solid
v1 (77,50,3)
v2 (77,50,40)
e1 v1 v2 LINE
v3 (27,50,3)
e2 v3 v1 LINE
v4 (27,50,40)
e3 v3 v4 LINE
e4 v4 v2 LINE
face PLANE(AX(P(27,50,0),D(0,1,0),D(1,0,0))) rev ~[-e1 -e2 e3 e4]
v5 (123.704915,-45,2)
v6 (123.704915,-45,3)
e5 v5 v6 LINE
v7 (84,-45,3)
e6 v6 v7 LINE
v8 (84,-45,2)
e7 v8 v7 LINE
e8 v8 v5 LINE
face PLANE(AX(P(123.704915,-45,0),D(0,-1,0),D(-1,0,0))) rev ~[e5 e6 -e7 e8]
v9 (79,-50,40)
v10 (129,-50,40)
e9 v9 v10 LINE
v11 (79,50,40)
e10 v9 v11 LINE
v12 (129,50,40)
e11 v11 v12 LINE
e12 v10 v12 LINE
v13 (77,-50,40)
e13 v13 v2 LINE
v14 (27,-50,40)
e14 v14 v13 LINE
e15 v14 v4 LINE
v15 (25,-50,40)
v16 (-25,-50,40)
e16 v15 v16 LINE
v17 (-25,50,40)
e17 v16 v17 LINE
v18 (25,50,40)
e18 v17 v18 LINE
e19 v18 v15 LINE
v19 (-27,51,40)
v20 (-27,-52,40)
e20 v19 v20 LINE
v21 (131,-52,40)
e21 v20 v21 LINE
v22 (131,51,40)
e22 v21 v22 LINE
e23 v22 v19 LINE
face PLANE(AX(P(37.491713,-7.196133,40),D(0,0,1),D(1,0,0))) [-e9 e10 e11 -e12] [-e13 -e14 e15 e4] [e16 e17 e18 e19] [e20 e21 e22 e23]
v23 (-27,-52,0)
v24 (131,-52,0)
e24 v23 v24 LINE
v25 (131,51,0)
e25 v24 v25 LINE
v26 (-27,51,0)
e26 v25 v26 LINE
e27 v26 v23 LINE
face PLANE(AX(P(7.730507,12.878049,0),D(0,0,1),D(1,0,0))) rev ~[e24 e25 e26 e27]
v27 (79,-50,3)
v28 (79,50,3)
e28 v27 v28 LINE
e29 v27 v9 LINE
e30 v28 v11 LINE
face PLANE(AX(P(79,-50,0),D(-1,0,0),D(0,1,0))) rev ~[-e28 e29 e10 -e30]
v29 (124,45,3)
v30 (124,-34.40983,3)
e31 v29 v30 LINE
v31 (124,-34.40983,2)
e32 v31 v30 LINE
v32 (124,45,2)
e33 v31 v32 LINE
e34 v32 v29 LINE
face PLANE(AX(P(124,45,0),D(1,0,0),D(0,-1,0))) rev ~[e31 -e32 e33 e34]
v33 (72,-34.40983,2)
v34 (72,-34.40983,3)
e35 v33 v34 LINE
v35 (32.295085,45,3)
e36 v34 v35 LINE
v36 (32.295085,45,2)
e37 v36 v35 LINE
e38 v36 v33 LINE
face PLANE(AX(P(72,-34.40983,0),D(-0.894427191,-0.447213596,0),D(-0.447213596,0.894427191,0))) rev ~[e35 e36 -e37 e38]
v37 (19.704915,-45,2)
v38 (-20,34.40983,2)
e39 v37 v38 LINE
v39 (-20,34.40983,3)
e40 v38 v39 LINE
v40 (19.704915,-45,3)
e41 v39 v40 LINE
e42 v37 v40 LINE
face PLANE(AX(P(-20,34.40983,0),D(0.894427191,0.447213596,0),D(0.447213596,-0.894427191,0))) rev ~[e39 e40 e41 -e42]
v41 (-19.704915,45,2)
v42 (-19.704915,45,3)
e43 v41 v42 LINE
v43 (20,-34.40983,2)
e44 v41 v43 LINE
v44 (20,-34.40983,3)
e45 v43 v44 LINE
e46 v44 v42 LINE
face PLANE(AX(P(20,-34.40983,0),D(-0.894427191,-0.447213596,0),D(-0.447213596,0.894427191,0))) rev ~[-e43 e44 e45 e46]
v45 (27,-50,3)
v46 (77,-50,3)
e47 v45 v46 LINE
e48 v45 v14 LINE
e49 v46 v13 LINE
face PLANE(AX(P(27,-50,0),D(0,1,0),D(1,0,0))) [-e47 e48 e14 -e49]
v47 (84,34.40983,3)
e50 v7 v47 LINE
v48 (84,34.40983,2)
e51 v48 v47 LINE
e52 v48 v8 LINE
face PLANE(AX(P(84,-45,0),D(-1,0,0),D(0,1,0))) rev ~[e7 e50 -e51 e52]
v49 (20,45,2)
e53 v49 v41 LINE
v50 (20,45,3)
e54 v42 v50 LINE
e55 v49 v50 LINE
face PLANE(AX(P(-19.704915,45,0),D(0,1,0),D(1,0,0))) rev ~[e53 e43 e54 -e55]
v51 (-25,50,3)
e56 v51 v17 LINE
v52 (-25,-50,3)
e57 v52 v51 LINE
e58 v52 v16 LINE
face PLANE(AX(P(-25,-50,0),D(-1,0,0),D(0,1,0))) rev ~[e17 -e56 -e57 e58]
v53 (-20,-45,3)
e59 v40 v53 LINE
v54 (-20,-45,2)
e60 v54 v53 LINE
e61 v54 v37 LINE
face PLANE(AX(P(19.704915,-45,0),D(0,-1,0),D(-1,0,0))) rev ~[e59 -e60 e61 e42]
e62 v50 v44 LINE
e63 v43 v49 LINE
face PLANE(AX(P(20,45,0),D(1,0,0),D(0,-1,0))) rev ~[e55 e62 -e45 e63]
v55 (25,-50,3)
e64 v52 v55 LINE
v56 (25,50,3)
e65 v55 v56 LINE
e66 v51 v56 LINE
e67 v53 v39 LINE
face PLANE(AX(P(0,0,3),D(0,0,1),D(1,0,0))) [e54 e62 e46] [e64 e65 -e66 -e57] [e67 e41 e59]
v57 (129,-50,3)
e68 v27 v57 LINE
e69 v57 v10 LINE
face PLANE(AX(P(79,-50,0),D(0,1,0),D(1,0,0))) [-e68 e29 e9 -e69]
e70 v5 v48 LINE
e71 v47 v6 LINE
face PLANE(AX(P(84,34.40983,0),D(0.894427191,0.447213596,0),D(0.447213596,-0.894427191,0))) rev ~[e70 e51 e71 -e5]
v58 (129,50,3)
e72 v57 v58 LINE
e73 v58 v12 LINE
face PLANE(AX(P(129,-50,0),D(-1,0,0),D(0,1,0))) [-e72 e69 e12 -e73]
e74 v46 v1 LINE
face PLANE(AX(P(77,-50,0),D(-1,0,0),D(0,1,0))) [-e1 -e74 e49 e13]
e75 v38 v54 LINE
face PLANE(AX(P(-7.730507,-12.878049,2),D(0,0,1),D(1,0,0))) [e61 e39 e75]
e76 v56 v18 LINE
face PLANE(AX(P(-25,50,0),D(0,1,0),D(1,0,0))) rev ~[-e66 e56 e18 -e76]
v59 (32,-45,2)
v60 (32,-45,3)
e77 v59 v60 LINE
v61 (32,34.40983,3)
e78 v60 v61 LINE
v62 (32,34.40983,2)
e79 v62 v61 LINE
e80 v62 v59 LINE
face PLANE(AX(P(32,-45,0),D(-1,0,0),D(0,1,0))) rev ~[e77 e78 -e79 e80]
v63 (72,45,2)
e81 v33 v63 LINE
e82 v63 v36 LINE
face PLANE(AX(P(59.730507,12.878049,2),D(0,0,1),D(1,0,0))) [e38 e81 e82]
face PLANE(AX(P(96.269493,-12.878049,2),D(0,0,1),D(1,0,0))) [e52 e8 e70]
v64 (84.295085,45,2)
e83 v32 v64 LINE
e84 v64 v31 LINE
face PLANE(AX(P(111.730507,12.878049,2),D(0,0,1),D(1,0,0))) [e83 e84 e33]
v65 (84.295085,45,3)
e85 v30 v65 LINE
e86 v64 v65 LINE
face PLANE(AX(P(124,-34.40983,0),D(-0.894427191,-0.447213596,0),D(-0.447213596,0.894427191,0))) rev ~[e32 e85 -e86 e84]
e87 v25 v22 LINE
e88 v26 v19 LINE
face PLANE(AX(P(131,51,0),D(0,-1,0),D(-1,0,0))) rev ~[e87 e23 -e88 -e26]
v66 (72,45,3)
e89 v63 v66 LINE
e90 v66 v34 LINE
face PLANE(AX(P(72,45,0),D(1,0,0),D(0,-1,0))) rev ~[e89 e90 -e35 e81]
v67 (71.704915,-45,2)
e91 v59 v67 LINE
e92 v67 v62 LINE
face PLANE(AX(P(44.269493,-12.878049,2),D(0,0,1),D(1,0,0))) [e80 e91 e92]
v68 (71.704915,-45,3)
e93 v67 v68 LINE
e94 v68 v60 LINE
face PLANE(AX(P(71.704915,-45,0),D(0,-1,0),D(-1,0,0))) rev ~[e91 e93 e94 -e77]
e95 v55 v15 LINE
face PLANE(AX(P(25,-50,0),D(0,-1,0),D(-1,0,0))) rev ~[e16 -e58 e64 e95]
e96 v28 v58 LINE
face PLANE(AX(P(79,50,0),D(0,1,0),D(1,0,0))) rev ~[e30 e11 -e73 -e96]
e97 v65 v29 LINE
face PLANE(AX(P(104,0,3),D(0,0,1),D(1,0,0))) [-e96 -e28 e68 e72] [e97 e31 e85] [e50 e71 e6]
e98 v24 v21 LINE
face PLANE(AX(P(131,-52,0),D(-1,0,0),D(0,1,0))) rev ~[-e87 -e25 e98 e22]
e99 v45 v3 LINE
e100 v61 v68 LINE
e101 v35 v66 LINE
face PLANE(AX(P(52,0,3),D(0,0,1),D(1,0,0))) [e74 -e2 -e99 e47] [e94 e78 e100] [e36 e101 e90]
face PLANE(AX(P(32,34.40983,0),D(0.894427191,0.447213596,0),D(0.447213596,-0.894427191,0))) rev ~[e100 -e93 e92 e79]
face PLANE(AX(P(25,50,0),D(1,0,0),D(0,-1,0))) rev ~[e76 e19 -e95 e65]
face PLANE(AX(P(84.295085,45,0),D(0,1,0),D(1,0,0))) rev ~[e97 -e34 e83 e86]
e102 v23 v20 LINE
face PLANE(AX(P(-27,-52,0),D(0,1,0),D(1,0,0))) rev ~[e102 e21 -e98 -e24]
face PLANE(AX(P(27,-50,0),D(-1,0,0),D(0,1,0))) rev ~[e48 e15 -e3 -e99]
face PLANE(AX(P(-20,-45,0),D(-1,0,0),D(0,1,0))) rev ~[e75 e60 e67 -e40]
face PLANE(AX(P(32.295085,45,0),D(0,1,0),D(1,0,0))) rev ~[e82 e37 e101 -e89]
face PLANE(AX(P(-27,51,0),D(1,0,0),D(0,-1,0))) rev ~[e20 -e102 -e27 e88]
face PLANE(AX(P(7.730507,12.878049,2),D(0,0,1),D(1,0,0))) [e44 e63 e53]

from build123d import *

# Parameters (mm, degrees)
F0_W     = 50
F0_H     = 100
F0_H_2   = 1
F1_DEPTH = 40
F2_DEPTH = 3
F3_DEPTH = 2


with BuildPart() as f1:
    # F0 (on Top) → F1 (new body)
    with BuildSketch(Plane.XY):
        Polygon((-25, -50), (-25, 50), (-25, 51), (-27, 51), (-27, -52), (131, -52), (131, 51), (25, 51), (25, 50), (25, -50), align=None)
        with Locations((52, 0)):
            Rectangle(F0_W, F0_H, mode=Mode.SUBTRACT)
        with Locations((104, 0)):
            Rectangle(F0_W, F0_H, mode=Mode.SUBTRACT)
        with Locations((0, 50.5)):
            Rectangle(F0_W, F0_H_2)
    extrude(amount=F1_DEPTH)

    # F0 (on Top) → F2 (join)
    with BuildSketch(Plane.XY):
        Rectangle(F0_W, F0_H)
        Polygon((-20, -45), (-20, 34.40983), (19.704915, -45), align=None, mode=Mode.SUBTRACT)
        Polygon((20, -34.40983), (-19.704915, 45), (20, 45), align=None, mode=Mode.SUBTRACT)
        with Locations((52, 0)):
            Rectangle(F0_W, F0_H)
        Polygon((32, 34.40983), (71.704915, -45), (32, -45), align=None, mode=Mode.SUBTRACT)
        Polygon((72, -34.40983), (32.295085, 45), (72, 45), align=None, mode=Mode.SUBTRACT)
        with Locations((104, 0)):
            Rectangle(F0_W, F0_H)
        Polygon((84, 34.40983), (123.704915, -45), (84, -45), align=None, mode=Mode.SUBTRACT)
        Polygon((124, -34.40983), (84.295085, 45), (124, 45), align=None, mode=Mode.SUBTRACT)
    extrude(amount=F2_DEPTH)

    # F0 (on Top) → F3 (join)
    with BuildSketch(Plane.XY):
        Polygon((20, 45), (-19.704915, 45), (20, -34.40983), align=None)
        Polygon((19.704915, -45), (-20, 34.40983), (-20, -45), align=None)
        Polygon((32, -45), (71.704915, -45), (32, 34.40983), align=None)
        Polygon((72, 45), (32.295085, 45), (72, -34.40983), align=None)
        Polygon((124, 45), (84.295085, 45), (124, -34.40983), align=None)
        Polygon((84, -45), (123.704915, -45), (84, 34.40983), align=None)
    extrude(amount=F3_DEPTH)


solid = f1.part
